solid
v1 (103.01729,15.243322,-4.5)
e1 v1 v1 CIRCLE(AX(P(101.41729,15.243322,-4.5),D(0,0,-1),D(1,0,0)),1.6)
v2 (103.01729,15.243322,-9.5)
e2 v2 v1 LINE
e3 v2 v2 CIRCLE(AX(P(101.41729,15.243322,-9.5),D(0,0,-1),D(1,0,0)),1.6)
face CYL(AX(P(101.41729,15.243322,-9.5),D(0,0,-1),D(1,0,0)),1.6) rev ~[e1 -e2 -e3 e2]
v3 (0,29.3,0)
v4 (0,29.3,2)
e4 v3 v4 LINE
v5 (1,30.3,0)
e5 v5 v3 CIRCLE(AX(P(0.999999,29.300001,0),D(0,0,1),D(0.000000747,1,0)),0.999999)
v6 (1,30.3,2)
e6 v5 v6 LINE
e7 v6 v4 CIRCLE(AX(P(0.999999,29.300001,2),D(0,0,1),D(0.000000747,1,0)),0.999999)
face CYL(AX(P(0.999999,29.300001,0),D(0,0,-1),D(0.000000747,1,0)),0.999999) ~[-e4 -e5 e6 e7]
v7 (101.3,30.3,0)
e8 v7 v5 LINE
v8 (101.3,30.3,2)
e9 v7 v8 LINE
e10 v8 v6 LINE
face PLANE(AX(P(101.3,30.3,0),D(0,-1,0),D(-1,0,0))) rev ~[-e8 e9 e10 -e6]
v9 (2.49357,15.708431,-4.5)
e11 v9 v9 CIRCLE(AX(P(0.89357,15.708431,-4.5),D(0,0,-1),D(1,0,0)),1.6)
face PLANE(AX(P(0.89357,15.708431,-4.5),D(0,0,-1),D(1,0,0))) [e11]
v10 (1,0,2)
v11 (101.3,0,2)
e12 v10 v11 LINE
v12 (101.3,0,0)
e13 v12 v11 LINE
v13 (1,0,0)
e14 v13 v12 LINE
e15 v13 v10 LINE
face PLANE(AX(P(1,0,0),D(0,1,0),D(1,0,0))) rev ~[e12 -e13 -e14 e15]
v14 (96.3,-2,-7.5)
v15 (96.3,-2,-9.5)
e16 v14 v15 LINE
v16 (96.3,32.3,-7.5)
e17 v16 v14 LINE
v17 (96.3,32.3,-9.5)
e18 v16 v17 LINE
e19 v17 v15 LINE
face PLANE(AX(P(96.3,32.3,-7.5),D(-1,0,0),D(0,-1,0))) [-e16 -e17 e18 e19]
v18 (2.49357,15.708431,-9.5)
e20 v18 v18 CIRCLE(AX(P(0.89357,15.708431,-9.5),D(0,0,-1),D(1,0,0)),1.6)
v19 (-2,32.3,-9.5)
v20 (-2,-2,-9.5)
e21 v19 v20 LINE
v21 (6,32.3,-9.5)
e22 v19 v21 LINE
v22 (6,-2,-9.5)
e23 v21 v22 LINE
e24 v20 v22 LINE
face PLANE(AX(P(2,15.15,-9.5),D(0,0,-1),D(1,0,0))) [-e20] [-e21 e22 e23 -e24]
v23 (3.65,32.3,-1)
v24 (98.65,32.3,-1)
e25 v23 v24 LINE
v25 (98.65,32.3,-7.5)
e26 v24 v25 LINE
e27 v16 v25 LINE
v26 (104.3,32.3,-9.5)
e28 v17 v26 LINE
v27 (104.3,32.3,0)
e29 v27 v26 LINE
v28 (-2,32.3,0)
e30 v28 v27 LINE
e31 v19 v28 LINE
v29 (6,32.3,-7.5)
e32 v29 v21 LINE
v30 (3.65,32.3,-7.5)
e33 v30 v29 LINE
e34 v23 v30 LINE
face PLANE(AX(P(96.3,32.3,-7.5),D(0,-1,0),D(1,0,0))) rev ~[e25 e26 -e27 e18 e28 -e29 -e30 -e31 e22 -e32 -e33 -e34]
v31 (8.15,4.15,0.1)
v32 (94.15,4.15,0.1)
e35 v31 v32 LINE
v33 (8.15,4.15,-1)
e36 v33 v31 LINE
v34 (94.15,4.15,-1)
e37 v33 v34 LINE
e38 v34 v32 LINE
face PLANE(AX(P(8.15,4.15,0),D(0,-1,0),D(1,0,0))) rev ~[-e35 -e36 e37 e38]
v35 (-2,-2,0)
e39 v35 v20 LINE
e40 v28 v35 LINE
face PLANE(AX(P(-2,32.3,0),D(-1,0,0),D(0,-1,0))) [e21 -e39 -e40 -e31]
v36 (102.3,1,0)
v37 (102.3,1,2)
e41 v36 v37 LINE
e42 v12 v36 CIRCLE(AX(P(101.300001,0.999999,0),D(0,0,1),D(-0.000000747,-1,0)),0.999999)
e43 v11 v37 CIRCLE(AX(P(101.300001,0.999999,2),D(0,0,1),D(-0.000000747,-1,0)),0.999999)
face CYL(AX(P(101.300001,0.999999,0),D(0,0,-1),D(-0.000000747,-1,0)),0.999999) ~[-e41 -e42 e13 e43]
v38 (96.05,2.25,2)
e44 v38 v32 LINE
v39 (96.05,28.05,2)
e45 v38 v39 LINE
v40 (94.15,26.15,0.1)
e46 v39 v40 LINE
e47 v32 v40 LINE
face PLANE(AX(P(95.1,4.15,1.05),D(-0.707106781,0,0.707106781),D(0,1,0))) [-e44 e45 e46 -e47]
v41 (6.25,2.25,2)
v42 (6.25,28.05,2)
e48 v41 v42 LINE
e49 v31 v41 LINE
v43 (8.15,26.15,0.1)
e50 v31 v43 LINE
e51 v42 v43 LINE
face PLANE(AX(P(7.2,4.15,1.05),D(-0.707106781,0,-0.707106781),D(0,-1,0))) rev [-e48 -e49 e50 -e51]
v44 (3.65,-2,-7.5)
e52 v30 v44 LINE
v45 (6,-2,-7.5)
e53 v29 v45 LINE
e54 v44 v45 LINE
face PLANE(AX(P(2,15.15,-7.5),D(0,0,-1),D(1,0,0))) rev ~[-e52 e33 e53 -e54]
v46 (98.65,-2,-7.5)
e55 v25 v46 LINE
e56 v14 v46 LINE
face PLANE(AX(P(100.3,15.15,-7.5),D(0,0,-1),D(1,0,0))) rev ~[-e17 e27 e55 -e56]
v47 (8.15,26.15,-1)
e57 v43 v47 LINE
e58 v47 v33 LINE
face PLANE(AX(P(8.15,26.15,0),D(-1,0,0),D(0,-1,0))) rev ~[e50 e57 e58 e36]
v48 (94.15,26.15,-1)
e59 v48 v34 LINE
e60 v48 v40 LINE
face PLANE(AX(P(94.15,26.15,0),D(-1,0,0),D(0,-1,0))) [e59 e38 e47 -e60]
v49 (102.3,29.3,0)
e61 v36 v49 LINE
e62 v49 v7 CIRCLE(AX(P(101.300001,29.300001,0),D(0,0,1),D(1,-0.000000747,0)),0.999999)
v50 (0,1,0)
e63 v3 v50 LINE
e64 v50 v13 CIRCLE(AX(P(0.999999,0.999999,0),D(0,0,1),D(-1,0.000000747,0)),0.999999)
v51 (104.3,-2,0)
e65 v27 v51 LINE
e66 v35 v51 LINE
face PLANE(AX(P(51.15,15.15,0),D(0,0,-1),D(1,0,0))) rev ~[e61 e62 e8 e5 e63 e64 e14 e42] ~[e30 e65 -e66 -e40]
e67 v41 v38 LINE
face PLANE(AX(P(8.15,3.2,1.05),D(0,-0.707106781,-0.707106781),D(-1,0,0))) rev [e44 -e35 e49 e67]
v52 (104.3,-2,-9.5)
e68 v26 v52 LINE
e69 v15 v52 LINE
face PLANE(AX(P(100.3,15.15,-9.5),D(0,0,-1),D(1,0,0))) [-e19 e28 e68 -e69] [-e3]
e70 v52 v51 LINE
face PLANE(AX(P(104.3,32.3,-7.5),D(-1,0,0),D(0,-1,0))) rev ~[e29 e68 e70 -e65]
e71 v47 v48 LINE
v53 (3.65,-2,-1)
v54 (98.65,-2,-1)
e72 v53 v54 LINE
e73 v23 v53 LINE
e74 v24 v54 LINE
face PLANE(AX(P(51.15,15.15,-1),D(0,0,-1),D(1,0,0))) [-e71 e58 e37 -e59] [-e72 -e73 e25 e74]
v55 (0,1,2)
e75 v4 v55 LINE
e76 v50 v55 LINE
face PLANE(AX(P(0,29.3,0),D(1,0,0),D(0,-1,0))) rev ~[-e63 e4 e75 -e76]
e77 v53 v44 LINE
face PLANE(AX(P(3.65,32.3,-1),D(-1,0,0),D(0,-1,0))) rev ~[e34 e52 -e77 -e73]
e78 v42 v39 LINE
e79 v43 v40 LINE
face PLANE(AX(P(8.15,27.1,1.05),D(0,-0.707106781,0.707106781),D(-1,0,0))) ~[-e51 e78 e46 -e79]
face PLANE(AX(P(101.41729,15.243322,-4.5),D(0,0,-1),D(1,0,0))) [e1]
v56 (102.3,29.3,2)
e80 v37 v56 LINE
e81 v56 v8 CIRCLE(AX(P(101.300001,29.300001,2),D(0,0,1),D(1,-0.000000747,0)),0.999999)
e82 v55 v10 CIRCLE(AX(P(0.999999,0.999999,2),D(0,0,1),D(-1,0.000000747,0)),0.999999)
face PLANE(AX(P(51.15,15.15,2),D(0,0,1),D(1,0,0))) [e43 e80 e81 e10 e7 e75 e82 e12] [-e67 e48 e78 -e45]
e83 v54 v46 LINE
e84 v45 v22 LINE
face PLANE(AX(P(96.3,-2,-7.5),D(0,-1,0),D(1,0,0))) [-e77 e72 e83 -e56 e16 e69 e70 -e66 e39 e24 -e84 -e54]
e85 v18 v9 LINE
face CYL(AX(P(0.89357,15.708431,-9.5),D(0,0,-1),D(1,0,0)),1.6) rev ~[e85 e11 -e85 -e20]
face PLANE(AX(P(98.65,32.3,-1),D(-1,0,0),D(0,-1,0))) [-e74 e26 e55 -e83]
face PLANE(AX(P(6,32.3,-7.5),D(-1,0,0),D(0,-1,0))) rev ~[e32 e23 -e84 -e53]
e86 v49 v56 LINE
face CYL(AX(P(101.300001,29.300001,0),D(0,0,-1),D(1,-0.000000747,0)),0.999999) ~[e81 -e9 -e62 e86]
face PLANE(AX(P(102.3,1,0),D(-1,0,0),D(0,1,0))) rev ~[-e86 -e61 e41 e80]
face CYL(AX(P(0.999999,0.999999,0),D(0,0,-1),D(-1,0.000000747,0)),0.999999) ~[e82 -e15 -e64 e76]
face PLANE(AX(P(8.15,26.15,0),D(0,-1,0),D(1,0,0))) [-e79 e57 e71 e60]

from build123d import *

# Parameters (mm, degrees)
PAD_DEPTH       = 2
SKETCH001_W     = 86
SKETCH001_H     = 22
POCKET_DEPTH    = 5
SKETCH002_W     = 106.3
SKETCH002_H     = 34.3
SKETCH002_W_2   = 86
SKETCH002_H_2   = 22
PAD001_DEPTH    = 1
CHAMFER_SIZE    = 1.9
SKETCH003_W     = 5.65
SKETCH003_H     = 34.3
PAD002_DEPTH    = 6.5
SKETCH004_W     = 8
SKETCH004_H     = 34.3
PAD003_DEPTH    = 2
SKETCH005_R     = 1.6
POCKET001_DEPTH = 5


with BuildPart() as part:
    # Sketch → Pad (new body)
    with BuildSketch(Plane.XY):
        with BuildLine():
            Line((1, 0), (101.3, 0))
            ThreePointArc((101.3, 0), (102.007107, 0.292893), (102.3, 1))
            Line((102.3, 1), (102.3, 29.3))
            ThreePointArc((102.3, 29.3), (102.007107, 30.007107), (101.3, 30.3))
            Line((101.3, 30.3), (1, 30.3))
            ThreePointArc((1, 30.3), (0.292893, 30.007107), (0, 29.3))
            Line((0, 29.3), (0, 1))
            ThreePointArc((0, 1), (0.292893, 0.292893), (1, 0))
        make_face()
    extrude(amount=PAD_DEPTH)

    # Sketch001 (on Face10 of Pad) → Pocket (cut)
    with BuildSketch(Plane.XY.offset(2)):
        with Locations((51.15, 15.15)):
            Rectangle(SKETCH001_W, SKETCH001_H)
    extrude(amount=-POCKET_DEPTH, mode=Mode.SUBTRACT)

    # Sketch002 (on Face4 of Pocket) → Pad001 (join)
    with BuildSketch(Plane(origin=(0, 0, 0), x_dir=(1, 0, 0), z_dir=(0, 0, -1))):
        with Locations((51.15, -15.15)):
            Rectangle(SKETCH002_W, SKETCH002_H)
        with Locations((51.15, -15.15)):
            Rectangle(SKETCH002_W_2, SKETCH002_H_2, mode=Mode.SUBTRACT)
    extrude(amount=PAD001_DEPTH)

    # Chamfer
    chamfer_edges = [part.edges().sort_by_distance(p)[0] for p in [
        (51.15, 26.15, 2),
        (8.15, 15.15, 2),
        (51.15, 4.15, 2),
        (94.15, 15.15, 2),
    ]]
    chamfer(chamfer_edges, length=CHAMFER_SIZE)

    # Sketch003 (on Face27 of Chamfer) → Pad002 (join)
    with BuildSketch(Plane(origin=(0, 0, -1), x_dir=(1, 0, 0), z_dir=(0, 0, -1))):
        with Locations((101.475, -15.15)):
            Rectangle(SKETCH003_W, SKETCH003_H)
        with Locations((0.825, -15.15)):
            Rectangle(SKETCH003_W, SKETCH003_H)
    extrude(amount=PAD002_DEPTH)

    # Sketch004 (on Face36 of Pad002) → Pad003 (join)
    with BuildSketch(Plane(origin=(0, 0, -7.5), x_dir=(1, 0, 0), z_dir=(0, 0, -1))):
        with Locations((100.3, -15.15)):
            Rectangle(SKETCH004_W, SKETCH004_H)
        with Locations((2, -15.15)):
            Rectangle(SKETCH004_W, SKETCH004_H)
    extrude(amount=PAD003_DEPTH)

    # Sketch005 (on Face45 of Pad003) → Pocket001 (cut)
    with BuildSketch(Plane(origin=(0, 0, -9.5), x_dir=(1, 0, 0), z_dir=(0, 0, -1))):
        with Locations((0.89357, -15.708431)):
            Circle(SKETCH005_R)
        with Locations((101.41729, -15.243322)):
            Circle(SKETCH005_R)
    extrude(amount=-POCKET001_DEPTH, mode=Mode.SUBTRACT)


solid = part.part
